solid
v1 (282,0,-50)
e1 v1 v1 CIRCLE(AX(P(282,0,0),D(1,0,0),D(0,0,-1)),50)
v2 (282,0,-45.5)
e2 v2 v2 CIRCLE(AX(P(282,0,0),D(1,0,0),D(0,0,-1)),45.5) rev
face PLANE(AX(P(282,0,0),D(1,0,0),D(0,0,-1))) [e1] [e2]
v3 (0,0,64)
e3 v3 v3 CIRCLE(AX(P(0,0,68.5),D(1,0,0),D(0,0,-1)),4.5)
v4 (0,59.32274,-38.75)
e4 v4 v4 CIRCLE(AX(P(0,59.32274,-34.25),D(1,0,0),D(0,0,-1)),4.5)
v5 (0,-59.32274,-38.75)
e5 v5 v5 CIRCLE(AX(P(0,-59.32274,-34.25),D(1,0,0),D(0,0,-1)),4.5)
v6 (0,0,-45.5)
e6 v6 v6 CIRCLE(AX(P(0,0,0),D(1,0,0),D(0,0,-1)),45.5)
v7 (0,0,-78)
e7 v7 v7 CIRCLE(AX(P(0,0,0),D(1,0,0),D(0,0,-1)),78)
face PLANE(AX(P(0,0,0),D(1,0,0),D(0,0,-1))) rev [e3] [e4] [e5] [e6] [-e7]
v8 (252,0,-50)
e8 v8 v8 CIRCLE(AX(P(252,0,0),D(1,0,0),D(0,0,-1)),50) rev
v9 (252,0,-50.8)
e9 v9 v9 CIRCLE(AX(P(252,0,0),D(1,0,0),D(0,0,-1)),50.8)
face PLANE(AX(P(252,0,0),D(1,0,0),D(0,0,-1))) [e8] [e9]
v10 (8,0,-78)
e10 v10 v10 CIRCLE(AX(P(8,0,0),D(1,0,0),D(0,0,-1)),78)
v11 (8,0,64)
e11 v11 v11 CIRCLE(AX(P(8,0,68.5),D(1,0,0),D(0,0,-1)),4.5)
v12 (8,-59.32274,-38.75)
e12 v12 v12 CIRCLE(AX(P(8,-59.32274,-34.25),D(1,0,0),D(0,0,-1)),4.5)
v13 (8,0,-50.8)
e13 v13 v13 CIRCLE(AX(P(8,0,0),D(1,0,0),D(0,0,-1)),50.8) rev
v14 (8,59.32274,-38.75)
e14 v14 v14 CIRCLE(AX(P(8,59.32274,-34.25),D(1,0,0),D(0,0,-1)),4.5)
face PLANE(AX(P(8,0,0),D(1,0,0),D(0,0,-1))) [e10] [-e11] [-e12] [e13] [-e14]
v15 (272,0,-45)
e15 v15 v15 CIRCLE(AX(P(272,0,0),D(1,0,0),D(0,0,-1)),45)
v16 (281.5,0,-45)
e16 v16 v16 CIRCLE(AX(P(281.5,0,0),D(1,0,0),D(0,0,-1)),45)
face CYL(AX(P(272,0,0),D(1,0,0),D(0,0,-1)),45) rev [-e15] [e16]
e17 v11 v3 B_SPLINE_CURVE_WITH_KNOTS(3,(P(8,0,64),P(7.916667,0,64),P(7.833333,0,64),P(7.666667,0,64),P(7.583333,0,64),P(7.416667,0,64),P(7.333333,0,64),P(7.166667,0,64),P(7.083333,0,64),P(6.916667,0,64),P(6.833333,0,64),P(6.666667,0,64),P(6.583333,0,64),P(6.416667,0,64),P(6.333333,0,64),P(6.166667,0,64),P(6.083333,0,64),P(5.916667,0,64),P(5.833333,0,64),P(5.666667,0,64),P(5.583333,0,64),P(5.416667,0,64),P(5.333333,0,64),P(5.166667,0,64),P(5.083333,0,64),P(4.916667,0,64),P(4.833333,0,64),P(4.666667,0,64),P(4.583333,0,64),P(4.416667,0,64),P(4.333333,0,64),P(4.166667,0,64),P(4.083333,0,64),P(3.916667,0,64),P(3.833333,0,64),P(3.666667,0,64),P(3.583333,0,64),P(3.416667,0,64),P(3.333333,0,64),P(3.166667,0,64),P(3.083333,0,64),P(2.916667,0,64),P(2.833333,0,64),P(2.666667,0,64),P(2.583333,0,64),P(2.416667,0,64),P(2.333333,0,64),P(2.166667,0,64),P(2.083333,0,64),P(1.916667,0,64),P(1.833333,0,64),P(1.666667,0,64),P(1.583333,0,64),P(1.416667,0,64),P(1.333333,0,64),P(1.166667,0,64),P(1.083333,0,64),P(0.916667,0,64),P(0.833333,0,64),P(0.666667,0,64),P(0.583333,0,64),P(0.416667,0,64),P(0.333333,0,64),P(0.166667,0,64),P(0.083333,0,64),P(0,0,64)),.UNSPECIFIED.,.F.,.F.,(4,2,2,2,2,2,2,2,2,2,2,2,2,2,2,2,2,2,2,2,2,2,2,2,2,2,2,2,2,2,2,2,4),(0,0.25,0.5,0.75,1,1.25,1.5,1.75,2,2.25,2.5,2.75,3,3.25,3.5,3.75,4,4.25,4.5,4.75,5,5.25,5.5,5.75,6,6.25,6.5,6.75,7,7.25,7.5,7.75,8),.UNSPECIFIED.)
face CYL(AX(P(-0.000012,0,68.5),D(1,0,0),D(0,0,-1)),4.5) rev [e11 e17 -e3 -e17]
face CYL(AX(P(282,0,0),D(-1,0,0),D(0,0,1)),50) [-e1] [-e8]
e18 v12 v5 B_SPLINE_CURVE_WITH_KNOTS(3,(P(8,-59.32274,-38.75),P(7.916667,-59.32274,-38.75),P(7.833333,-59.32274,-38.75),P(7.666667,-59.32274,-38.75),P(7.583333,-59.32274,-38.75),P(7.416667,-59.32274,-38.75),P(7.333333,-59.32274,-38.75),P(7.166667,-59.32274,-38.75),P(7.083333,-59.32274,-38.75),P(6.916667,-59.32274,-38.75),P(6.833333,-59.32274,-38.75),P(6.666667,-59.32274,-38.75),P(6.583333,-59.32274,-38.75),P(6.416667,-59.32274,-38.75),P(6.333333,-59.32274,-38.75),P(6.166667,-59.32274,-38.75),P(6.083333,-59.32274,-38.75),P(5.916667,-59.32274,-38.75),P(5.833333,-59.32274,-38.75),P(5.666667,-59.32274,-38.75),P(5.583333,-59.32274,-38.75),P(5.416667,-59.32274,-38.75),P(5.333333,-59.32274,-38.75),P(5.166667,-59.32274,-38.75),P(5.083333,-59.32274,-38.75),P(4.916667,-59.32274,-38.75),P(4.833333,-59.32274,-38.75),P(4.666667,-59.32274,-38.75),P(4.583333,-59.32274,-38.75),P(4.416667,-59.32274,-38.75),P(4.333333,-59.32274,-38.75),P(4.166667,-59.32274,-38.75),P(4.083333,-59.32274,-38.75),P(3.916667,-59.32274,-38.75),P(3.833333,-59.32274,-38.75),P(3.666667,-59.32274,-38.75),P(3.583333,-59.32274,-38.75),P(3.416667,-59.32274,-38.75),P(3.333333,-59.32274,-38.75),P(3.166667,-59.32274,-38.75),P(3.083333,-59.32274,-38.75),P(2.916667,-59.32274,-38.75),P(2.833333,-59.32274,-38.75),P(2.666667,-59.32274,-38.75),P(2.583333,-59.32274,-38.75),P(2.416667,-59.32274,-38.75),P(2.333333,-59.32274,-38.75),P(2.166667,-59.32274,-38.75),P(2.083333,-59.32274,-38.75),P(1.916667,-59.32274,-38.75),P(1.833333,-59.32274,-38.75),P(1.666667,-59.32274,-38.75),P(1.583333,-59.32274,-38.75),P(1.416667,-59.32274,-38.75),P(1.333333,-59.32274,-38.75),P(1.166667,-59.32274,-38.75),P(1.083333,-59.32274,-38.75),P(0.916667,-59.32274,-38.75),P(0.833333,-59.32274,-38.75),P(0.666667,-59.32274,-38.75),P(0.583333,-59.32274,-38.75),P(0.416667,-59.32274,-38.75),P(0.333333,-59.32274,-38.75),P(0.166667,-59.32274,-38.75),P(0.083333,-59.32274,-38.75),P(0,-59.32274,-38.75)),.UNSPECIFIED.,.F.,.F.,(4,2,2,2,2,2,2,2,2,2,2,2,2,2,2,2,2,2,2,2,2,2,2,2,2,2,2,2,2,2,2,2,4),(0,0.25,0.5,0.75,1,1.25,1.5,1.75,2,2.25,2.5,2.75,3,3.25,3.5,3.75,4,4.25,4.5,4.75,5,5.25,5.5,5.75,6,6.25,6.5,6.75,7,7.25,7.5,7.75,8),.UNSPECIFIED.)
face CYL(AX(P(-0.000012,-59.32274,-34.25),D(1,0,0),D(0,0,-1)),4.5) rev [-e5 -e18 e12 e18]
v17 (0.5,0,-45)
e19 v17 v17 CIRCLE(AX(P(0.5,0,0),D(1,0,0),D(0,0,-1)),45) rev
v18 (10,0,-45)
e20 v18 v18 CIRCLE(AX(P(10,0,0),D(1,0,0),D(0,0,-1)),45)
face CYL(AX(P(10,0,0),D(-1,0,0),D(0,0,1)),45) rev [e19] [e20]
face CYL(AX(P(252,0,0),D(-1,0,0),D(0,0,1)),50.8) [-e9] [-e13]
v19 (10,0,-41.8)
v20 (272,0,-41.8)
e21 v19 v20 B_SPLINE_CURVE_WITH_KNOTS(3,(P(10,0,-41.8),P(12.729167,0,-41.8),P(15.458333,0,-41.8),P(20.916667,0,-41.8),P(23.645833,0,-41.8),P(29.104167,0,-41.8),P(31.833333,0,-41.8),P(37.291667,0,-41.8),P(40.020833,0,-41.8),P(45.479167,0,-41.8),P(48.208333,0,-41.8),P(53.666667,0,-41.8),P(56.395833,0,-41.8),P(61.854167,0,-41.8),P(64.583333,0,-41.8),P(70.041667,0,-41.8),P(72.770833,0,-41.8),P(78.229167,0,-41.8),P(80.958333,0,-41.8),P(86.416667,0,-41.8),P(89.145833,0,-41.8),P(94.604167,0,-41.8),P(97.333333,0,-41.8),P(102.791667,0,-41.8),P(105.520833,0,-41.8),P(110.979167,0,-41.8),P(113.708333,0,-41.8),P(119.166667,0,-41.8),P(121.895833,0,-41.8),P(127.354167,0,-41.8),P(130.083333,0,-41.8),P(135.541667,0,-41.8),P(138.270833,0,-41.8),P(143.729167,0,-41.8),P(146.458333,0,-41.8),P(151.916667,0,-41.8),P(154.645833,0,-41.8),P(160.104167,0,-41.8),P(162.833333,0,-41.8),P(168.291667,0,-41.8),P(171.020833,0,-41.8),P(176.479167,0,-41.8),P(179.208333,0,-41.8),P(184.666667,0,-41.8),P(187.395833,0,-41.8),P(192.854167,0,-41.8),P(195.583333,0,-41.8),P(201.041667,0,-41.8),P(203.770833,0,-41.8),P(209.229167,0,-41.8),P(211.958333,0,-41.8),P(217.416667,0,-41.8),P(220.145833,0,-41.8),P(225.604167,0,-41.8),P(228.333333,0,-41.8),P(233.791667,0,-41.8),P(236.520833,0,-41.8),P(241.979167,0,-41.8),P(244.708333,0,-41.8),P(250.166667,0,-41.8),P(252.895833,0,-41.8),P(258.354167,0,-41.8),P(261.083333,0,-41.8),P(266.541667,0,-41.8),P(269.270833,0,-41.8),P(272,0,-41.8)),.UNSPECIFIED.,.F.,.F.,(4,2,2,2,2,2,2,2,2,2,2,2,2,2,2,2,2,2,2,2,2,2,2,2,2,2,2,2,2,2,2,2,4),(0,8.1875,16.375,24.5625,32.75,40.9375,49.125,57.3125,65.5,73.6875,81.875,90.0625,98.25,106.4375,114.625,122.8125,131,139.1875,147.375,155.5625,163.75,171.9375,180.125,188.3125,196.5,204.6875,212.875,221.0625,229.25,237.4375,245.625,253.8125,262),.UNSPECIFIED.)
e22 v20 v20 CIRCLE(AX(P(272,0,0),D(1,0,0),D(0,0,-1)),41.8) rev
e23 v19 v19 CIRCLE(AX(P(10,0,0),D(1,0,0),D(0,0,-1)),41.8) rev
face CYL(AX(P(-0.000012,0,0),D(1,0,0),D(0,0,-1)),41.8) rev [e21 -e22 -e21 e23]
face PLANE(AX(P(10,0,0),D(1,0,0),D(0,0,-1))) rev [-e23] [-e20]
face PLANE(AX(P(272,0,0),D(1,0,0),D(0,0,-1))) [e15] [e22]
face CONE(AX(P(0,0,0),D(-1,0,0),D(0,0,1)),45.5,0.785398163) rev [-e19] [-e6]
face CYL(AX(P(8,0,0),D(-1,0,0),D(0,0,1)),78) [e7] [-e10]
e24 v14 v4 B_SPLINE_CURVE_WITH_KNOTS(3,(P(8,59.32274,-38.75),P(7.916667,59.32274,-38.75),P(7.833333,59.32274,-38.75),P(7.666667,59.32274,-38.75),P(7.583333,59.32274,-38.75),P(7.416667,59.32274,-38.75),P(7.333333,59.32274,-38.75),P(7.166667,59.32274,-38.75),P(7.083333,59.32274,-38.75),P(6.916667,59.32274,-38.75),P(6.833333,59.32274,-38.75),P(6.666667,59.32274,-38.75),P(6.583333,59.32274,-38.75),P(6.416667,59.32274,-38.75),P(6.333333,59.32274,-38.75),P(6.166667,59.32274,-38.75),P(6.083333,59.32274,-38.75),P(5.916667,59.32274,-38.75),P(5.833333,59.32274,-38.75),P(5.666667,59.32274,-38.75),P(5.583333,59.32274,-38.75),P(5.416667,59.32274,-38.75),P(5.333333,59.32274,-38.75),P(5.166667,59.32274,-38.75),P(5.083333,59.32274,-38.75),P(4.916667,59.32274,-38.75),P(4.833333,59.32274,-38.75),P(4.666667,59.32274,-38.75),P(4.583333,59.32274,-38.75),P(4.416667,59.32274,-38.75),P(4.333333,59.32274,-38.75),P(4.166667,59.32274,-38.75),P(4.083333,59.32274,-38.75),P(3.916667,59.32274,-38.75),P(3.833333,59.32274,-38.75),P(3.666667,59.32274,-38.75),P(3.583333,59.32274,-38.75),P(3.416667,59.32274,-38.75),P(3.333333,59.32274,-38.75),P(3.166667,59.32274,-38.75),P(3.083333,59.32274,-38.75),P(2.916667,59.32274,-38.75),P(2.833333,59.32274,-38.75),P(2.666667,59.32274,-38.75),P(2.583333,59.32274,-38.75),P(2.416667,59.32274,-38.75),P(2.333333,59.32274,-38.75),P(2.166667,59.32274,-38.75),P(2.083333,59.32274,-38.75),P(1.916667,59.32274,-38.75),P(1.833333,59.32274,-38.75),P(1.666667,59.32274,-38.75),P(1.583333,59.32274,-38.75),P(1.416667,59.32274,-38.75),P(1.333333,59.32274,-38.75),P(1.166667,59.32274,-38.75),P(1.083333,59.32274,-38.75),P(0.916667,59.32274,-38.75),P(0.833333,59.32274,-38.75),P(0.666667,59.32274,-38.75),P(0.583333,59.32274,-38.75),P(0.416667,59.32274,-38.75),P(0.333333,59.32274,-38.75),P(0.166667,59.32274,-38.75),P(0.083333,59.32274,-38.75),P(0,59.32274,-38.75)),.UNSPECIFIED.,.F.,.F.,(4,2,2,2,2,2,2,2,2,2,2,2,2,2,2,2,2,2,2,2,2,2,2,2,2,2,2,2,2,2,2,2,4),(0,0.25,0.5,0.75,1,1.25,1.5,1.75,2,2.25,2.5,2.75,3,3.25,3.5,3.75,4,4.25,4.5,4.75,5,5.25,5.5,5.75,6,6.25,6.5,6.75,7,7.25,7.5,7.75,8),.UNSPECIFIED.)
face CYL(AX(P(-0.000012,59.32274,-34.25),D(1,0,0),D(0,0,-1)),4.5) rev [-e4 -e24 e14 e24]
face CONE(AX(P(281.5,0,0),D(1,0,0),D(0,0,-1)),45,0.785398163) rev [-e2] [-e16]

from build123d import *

# Parameters (mm, degrees)
SKETCH_1_R               = 78
EXTRUDE_1_DEPTH          = 8
SKETCH_2_R               = 50.8
EXTRUDE_2_DEPTH          = 252
SKETCH_3_R               = 50
EXTRUDE_3_DEPTH          = 282
CUT_EXTRUDE_1_DEPTH      = 303.806869143
CUT_EXTRUDE_1_DEPTH_BACK = 303.806869143
SKETCH_4_R               = 41.8
SKETCH_6_R               = 45
CUT_EXTRUDE_3_DEPTH      = 10
CUT_EXTRUDE_START        = -10
SKETCH_7_R               = 45
CUT_EXTRUDE_4_DEPTH      = 10
CUT_EXTRUDE_5_DEPTH      = 303.806869143
CUT_EXTRUDE_5_DEPTH_BACK = 303.806869143
SKETCH_8_R               = 4.5
CHAMFER_1_SIZE           = 0.5
CHAMFER_2_SIZE           = 0.5


with BuildPart() as part:
    # ｽｹｯﾁ1 → ﾎﾞｽ - 押し出し1 (new body)
    with BuildSketch(Plane(origin=(0, 0, 0), x_dir=(0, 0, -1), z_dir=(1, 0, 0))):
        Circle(SKETCH_1_R)
    extrude(amount=EXTRUDE_1_DEPTH)

    # ｽｹｯﾁ2 → ﾎﾞｽ - 押し出し2 (add)
    with BuildSketch(Plane(origin=(0, 0, 0), x_dir=(0, 0, -1), z_dir=(1, 0, 0))):
        Circle(SKETCH_2_R)
    extrude(amount=EXTRUDE_2_DEPTH)

    # ｽｹｯﾁ3 → ﾎﾞｽ - 押し出し3 (add)
    with BuildSketch(Plane(origin=(0, 0, 0), x_dir=(0, 0, -1), z_dir=(1, 0, 0))):
        Circle(SKETCH_3_R)
    extrude(amount=EXTRUDE_3_DEPTH)

    # ｽｹｯﾁ4 → ｶｯﾄ - 押し出し1 (cut, two sides: drawn at the far end of the back side and taken through both)
    with BuildSketch(Plane(origin=(0, 0, 0), x_dir=(0, 0, -1), z_dir=(1, 0, 0)).offset(-CUT_EXTRUDE_1_DEPTH_BACK)):
        Circle(SKETCH_4_R)
    extrude(amount=CUT_EXTRUDE_1_DEPTH + CUT_EXTRUDE_1_DEPTH_BACK, mode=Mode.SUBTRACT)

    # ｽｹｯﾁ6 → ｶｯﾄ - 押し出し3 (cut)
    with BuildSketch(Plane(origin=(0, 0, 0), x_dir=(0, 0, -1), z_dir=(1, 0, 0))):
        Circle(SKETCH_6_R)
    extrude(amount=CUT_EXTRUDE_3_DEPTH, mode=Mode.SUBTRACT)

    # ｽｹｯﾁ7 → ｶｯﾄ - 押し出し4 (cut)
    with BuildSketch(Plane(origin=(282, 0, 0), x_dir=(0, 0, -1), z_dir=(1, 0, 0)).offset(CUT_EXTRUDE_START)):
        Circle(SKETCH_7_R)
    extrude(amount=CUT_EXTRUDE_4_DEPTH, mode=Mode.SUBTRACT)

    # ｽｹｯﾁ8 → ｶｯﾄ - 押し出し5 (cut, two sides: drawn at the far end of the back side and taken through both)
    with BuildSketch(Plane(origin=(0, 0, 0), x_dir=(0, 0, -1), z_dir=(1, 0, 0)).offset(-CUT_EXTRUDE_5_DEPTH_BACK)):
        with Locations((-68.5, 0)):
            Circle(SKETCH_8_R)
        with Locations((34.25, 59.322740159)):
            Circle(SKETCH_8_R)
        with Locations((34.25, -59.322740159)):
            Circle(SKETCH_8_R)
    extrude(amount=CUT_EXTRUDE_5_DEPTH + CUT_EXTRUDE_5_DEPTH_BACK, mode=Mode.SUBTRACT)

    # 面取り1
    chamfer_1_edges = [part.edges().sort_by_distance(p)[0] for p in [
        (0, 0, 45),
    ]]
    chamfer(chamfer_1_edges, length=CHAMFER_1_SIZE)

    # 面取り2
    chamfer_2_edges = [part.edges().sort_by_distance(p)[0] for p in [
        (282, 0, 45),
    ]]
    chamfer(chamfer_2_edges, length=CHAMFER_2_SIZE)


solid = part.part
